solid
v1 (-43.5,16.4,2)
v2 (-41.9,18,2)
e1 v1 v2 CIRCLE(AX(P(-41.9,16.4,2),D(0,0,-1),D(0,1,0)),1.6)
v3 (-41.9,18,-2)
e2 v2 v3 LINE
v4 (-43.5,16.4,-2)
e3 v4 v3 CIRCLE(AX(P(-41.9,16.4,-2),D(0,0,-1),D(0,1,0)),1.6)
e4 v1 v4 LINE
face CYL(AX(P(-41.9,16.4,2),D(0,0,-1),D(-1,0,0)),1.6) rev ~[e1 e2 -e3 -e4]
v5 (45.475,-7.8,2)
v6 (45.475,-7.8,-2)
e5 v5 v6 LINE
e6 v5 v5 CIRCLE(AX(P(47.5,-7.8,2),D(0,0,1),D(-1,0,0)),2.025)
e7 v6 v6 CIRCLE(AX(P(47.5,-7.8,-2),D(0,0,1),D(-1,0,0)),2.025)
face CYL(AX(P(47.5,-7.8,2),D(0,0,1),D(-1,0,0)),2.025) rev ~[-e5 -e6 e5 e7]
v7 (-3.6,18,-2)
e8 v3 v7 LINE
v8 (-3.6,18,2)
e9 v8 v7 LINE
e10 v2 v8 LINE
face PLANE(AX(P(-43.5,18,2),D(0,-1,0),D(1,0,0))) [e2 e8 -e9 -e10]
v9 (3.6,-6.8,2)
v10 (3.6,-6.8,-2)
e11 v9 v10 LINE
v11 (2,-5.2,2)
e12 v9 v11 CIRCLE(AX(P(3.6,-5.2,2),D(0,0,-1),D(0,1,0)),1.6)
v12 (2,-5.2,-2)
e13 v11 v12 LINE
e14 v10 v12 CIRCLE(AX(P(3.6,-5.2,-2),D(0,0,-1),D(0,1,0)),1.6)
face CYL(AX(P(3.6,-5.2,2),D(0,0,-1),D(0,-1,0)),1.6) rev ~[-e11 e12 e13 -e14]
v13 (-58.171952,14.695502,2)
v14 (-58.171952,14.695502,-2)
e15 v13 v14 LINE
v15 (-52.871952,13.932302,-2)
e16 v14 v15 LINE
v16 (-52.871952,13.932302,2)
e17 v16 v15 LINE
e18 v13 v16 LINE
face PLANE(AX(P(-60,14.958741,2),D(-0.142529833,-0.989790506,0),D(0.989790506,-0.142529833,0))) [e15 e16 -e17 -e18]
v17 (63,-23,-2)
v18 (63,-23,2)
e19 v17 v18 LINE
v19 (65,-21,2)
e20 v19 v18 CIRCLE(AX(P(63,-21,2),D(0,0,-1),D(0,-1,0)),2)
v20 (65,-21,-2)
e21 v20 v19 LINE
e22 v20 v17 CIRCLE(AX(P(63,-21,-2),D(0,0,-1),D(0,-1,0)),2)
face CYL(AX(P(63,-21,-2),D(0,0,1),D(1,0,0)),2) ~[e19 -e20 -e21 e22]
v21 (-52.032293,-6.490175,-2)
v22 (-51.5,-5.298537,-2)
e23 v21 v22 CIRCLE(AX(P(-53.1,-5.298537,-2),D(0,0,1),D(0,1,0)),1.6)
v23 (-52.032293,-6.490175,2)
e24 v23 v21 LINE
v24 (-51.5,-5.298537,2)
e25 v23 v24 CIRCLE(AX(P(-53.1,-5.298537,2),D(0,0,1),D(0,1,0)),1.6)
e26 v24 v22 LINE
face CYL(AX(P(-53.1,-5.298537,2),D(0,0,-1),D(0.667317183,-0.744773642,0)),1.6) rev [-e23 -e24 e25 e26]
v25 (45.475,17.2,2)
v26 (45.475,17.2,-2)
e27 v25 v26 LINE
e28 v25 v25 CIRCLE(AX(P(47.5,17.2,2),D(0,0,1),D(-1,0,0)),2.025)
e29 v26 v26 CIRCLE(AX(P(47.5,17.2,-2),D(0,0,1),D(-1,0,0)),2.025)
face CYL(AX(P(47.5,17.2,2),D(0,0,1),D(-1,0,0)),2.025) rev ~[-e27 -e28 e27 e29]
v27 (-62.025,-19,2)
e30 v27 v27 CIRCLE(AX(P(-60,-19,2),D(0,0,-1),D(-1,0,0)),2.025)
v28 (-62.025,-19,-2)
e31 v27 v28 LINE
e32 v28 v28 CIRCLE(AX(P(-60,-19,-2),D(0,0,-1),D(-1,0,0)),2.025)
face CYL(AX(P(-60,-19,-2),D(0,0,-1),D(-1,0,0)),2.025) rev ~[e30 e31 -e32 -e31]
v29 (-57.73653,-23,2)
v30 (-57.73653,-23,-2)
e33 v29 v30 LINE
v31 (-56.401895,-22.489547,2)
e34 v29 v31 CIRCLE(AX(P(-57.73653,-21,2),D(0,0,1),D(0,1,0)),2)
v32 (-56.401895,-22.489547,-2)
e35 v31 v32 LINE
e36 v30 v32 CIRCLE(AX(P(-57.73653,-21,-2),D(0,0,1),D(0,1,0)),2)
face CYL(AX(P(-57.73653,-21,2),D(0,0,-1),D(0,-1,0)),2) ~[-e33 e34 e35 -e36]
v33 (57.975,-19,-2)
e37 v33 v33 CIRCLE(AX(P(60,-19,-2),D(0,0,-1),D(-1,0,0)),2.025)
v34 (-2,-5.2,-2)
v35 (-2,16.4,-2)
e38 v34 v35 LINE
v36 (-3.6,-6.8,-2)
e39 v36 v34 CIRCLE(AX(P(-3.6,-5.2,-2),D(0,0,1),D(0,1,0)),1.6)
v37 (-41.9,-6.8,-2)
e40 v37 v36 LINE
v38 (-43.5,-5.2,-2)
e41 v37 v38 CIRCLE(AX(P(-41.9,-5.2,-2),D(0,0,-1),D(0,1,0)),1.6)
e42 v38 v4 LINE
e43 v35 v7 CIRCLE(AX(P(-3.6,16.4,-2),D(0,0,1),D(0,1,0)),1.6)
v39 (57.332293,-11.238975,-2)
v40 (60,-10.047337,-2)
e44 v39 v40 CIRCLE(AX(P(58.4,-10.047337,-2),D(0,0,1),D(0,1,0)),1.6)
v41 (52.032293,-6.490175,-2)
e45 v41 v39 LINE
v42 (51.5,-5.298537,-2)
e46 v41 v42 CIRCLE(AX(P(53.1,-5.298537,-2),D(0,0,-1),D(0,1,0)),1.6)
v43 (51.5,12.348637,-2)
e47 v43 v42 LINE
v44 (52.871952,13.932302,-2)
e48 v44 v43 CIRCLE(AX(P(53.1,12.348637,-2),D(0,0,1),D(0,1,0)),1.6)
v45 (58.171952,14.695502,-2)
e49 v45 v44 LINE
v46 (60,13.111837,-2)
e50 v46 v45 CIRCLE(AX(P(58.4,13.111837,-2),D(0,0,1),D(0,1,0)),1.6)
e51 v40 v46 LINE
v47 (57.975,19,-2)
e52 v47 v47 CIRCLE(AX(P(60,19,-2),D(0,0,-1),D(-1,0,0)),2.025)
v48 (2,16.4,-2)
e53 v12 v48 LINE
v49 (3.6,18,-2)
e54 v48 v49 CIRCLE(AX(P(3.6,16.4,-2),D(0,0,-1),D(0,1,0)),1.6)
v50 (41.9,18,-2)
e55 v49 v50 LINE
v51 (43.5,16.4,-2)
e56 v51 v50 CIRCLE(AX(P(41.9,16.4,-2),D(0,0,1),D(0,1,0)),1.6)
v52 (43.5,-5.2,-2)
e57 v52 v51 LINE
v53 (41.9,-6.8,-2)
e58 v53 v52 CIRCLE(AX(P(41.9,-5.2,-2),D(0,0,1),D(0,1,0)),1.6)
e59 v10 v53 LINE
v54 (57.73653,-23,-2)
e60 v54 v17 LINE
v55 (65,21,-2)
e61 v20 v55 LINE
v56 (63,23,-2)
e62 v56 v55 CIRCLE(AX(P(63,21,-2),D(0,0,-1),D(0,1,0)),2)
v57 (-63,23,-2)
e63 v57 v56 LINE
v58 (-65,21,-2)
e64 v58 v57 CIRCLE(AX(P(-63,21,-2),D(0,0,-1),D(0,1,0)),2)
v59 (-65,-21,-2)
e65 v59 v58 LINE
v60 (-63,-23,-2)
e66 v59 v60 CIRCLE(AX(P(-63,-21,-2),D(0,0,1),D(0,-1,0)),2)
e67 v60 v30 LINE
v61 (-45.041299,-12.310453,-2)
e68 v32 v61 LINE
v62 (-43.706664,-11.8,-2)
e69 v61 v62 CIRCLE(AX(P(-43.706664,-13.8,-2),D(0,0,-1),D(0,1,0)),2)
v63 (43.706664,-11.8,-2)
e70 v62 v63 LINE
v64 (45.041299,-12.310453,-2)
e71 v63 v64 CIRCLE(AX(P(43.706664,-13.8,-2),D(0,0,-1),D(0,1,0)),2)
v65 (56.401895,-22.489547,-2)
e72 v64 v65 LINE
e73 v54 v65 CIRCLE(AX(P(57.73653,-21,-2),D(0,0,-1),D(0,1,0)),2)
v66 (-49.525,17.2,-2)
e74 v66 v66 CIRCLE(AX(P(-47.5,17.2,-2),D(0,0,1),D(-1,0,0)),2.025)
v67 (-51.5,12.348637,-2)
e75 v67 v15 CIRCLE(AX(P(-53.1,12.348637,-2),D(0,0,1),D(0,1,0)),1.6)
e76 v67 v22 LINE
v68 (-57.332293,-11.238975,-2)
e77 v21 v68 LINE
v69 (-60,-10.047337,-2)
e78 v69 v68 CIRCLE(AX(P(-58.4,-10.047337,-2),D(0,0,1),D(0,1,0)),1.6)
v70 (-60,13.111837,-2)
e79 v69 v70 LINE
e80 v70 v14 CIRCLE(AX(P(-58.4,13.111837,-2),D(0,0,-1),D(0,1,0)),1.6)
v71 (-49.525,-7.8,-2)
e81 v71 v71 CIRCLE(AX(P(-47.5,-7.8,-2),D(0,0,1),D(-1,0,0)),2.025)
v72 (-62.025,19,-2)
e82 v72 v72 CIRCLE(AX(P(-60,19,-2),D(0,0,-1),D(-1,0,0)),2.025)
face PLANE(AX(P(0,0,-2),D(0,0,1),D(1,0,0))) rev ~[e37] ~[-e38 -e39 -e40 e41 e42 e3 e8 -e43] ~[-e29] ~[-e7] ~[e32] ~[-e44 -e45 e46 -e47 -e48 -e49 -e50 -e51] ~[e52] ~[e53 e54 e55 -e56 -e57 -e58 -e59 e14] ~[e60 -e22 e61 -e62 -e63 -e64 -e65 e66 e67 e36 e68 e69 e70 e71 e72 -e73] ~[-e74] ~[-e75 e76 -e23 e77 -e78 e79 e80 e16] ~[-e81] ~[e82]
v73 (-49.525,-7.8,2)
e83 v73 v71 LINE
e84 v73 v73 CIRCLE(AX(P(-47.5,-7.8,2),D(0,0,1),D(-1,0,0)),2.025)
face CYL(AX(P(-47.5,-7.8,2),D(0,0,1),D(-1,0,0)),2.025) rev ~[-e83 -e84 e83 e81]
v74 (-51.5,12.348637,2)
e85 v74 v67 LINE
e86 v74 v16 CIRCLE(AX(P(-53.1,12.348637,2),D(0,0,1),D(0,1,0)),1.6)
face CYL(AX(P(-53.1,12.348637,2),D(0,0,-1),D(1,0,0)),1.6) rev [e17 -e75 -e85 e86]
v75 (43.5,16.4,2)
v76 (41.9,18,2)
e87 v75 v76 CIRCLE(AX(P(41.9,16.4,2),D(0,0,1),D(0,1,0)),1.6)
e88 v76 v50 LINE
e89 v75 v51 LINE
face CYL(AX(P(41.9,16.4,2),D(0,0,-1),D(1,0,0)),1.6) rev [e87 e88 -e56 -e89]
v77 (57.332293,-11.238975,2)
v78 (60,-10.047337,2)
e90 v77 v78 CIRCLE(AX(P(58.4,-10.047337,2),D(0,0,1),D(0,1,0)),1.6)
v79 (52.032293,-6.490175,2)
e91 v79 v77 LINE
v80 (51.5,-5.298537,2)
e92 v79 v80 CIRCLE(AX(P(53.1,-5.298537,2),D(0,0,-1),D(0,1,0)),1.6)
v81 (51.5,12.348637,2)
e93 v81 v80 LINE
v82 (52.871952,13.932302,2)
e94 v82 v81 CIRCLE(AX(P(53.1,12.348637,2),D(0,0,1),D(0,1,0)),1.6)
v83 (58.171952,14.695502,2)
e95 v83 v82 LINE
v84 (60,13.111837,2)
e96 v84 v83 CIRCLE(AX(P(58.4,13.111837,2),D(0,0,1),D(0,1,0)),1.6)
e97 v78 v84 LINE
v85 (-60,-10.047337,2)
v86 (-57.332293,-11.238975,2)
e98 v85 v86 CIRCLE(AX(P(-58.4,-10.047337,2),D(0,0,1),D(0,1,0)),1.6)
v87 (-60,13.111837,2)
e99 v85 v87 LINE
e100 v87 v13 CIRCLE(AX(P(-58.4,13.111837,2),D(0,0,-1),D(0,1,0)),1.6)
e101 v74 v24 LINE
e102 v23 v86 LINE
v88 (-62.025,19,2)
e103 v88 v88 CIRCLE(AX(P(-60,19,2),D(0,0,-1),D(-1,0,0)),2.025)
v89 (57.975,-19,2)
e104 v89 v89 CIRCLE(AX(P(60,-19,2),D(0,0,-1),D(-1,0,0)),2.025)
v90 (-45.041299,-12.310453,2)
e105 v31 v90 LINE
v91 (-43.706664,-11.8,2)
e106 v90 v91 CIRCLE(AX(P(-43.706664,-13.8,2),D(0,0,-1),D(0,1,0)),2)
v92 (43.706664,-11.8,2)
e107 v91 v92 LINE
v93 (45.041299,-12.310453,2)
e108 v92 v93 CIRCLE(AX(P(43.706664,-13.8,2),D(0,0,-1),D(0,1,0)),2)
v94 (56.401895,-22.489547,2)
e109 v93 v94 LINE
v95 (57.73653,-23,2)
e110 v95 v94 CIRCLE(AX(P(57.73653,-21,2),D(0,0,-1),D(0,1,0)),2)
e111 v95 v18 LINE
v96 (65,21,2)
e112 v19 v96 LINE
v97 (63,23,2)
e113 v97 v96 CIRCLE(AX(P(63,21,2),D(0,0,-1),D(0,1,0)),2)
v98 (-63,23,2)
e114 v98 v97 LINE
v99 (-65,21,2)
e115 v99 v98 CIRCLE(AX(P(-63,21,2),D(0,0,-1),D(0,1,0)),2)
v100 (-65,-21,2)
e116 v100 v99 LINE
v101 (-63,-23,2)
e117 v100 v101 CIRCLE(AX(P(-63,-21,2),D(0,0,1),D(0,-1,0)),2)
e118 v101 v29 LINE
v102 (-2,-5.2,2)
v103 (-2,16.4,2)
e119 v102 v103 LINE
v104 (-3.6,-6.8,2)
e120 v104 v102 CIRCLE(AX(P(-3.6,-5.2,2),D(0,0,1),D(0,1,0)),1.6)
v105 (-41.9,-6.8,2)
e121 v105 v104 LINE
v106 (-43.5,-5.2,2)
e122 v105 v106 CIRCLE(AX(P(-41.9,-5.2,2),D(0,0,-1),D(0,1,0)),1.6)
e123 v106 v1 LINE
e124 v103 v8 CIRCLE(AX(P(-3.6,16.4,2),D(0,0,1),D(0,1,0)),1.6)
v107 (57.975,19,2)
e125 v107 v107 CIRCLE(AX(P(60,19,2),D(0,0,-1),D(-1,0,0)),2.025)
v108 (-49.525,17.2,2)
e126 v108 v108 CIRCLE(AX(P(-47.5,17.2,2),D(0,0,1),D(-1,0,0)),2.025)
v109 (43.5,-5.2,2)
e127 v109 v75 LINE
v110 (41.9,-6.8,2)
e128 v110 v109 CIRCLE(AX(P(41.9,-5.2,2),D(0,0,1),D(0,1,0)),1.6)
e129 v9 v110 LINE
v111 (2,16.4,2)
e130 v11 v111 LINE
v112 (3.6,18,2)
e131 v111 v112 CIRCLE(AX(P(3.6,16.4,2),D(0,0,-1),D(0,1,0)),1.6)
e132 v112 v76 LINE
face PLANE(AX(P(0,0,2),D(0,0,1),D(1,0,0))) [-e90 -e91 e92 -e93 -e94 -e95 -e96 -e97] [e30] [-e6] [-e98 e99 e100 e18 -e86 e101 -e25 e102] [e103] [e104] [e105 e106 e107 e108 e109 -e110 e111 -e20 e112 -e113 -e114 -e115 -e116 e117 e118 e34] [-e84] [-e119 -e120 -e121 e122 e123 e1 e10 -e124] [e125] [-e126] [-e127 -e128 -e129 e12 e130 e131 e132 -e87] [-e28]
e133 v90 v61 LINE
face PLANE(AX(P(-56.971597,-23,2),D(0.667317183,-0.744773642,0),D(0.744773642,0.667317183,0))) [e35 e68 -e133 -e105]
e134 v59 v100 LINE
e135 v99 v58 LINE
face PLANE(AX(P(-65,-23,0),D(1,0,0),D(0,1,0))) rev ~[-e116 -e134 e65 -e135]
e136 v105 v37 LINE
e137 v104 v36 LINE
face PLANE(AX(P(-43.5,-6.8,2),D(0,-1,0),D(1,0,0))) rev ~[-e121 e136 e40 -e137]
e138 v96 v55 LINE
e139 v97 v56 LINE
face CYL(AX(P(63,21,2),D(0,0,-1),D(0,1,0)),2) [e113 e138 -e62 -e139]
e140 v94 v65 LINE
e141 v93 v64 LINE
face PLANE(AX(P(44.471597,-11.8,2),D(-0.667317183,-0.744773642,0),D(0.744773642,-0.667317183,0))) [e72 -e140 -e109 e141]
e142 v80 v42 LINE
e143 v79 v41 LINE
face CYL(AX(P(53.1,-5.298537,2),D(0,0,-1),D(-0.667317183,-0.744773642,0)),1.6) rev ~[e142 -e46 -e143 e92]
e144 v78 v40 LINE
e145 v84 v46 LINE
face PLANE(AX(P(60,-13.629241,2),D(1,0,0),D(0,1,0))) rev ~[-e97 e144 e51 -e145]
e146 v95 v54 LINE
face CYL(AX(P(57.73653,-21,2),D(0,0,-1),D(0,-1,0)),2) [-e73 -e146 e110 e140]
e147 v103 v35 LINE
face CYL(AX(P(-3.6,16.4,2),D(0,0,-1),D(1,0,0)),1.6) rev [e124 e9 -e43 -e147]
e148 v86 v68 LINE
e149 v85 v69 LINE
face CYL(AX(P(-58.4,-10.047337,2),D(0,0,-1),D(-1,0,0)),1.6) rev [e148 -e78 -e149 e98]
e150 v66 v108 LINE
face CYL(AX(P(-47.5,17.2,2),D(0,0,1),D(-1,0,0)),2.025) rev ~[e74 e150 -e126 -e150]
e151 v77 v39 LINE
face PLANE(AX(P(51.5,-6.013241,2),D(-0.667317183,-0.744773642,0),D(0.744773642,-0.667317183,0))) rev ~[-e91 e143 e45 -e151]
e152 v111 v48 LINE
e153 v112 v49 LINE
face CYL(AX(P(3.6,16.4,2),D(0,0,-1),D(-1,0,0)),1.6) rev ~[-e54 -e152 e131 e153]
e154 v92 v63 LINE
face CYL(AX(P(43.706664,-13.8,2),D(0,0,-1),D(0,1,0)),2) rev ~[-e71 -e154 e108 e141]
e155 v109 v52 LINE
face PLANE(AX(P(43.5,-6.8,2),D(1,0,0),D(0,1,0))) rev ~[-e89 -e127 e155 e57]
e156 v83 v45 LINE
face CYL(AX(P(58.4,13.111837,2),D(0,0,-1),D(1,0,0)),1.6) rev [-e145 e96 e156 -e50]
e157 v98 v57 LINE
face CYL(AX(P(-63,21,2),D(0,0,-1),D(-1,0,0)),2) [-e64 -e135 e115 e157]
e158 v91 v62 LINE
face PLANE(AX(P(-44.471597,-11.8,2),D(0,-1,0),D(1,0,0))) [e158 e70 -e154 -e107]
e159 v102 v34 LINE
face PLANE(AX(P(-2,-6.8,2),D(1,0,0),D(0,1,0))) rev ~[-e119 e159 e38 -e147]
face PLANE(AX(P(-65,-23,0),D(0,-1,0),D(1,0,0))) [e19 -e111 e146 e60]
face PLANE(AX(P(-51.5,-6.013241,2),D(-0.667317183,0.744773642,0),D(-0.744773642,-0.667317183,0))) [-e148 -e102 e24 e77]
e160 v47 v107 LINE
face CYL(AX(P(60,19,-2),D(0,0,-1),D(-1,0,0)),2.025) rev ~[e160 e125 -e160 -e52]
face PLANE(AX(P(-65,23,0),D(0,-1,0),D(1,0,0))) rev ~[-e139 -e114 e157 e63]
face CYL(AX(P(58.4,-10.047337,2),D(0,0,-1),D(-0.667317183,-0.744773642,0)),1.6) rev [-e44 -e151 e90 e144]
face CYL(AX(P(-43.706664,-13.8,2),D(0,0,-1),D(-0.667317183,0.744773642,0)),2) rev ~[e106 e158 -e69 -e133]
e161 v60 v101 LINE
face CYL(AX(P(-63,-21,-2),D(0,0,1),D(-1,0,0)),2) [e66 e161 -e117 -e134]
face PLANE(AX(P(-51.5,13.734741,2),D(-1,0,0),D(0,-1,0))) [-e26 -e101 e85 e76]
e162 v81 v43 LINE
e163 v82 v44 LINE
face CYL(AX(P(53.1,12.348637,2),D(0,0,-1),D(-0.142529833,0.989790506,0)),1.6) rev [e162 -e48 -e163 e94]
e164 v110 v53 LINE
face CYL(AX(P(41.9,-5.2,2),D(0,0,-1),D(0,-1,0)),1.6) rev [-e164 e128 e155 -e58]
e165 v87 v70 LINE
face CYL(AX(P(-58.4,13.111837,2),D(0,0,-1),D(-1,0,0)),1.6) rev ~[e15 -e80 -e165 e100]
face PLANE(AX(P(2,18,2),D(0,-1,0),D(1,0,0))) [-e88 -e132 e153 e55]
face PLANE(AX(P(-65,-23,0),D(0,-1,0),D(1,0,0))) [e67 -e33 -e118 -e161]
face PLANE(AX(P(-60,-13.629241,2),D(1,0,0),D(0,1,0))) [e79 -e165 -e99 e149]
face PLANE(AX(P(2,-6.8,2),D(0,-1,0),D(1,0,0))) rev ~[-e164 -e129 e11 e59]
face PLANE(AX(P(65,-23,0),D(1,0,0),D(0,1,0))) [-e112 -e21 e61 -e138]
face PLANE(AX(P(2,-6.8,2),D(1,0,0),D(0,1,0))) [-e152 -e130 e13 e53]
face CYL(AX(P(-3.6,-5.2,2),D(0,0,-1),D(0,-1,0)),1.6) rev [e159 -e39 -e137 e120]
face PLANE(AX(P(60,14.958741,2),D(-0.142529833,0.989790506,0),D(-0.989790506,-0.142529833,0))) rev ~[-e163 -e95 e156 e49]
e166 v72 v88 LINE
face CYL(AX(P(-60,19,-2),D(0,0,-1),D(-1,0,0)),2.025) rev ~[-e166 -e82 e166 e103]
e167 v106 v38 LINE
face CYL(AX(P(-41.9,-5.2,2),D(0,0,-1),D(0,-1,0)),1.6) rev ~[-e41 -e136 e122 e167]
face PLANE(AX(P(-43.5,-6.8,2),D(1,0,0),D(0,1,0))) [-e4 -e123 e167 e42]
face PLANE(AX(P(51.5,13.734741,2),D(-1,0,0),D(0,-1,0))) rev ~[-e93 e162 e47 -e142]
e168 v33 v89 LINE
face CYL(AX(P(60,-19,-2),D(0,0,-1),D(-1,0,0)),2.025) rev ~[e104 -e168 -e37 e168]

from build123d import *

# Parameters (mm, degrees)
SKETCH_1_W          = 130
SKETCH_1_H          = 46
EXTRUDE_1_DEPTH     = 2
SKETCH_3_R          = 2.025
CUT_EXTRUDE_1_DEPTH = 80
SKETCH_4_R          = 2.025
CUT_EXTRUDE_2_DEPTH = 80
CUT_EXTRUDE_3_DEPTH = 10
SKETCH_6_W          = 41.5
SKETCH_6_H          = 24.8
CUT_EXTRUDE_4_DEPTH = 10
CUT_EXTRUDE_5_DEPTH = 10
FILLET_1_R          = 1.6
FILLET_2_R          = 2


with BuildPart() as part:
    # 草图1 → 凸台-拉伸1 (new, symmetric)
    with BuildSketch(Plane.XY):
        Rectangle(SKETCH_1_W, SKETCH_1_H)
    extrude(amount=EXTRUDE_1_DEPTH, both=True)

    # 草图3 → 切除-拉伸1 (cut, symmetric)
    with BuildSketch(Plane(origin=(0, 0, -2), x_dir=(-1, 0, 0), z_dir=(0, 0, -1))):
        with Locations((-60, 19)):
            Circle(SKETCH_3_R)
        with Locations((-60, -19)):
            Circle(SKETCH_3_R)
        with Locations((60, 19)):
            Circle(SKETCH_3_R)
        with Locations((60, -19)):
            Circle(SKETCH_3_R)
    extrude(amount=CUT_EXTRUDE_1_DEPTH, both=True, mode=Mode.SUBTRACT)

    # 草图4 → 切除-拉伸2 (cut, symmetric)
    with BuildSketch(Plane.XY.offset(2)):
        with Locations(Location((47.5, 17.2, 0), (0, 0, 180))):
            Circle(SKETCH_4_R)
        with Locations(Location((47.5, -7.8, 0), (0, 0, 180))):
            Circle(SKETCH_4_R)
        with Locations(Location((-47.5, -7.8, 0), (0, 0, 180))):
            Circle(SKETCH_4_R)
        with Locations(Location((-47.5, 17.2, 0), (0, 0, 180))):
            Circle(SKETCH_4_R)
    extrude(amount=CUT_EXTRUDE_2_DEPTH, both=True, mode=Mode.SUBTRACT)

    # 草图5 → 切除-拉伸3 (cut)
    with BuildSketch(Plane.XY.offset(2)):
        Polygon((-56.971596888, -23), (-44.471596888, -11.8), (44.471596888, -11.8), (56.971596888, -23), align=None)
    extrude(amount=-CUT_EXTRUDE_3_DEPTH, mode=Mode.SUBTRACT)

    # 草图6 → 切除-拉伸4 (cut)
    with BuildSketch(Plane.XY.offset(2)):
        with Locations((-22.75, 5.6)):
            Rectangle(SKETCH_6_W, SKETCH_6_H)
        with Locations((22.75, 5.6)):
            Rectangle(SKETCH_6_W, SKETCH_6_H)
    extrude(amount=-CUT_EXTRUDE_4_DEPTH, mode=Mode.SUBTRACT)

    # 草图7 → 切除-拉伸5 (cut)
    with BuildSketch(Plane.XY.offset(2)):
        Polygon((-60, 14.95874079), (-51.5, 13.73474079), (-51.5, -6.01324065), (-60, -13.62924065), align=None)
        Polygon((51.5, -6.01324065), (60, -13.62924065), (60, 14.95874079), (51.5, 13.73474079), align=None)
    extrude(amount=-CUT_EXTRUDE_5_DEPTH, mode=Mode.SUBTRACT)

    # 圆角1
    fillet_1_edges = [part.edges().sort_by_distance(p)[0] for p in [
        (-2, 18, 0),
        (-2, -6.8, 0),
        (-43.5, -6.8, 0),
        (-43.5, 18, 0),
        (2, 18, 0),
        (43.5, 18, 0),
        (43.5, -6.8, 0),
        (2, -6.8, 0),
        (-60, -13.62924065, 0),
        (-60, 14.95874079, 0),
        (-51.5, 13.73474079, 0),
        (-51.5, -6.01324065, 0),
        (51.5, -6.01324065, 0),
        (51.5, 13.73474079, 0),
        (60, 14.95874079, 0),
        (60, -13.62924065, 0),
    ]]
    fillet(fillet_1_edges, radius=FILLET_1_R)

    # 圆角2
    fillet_2_edges = [part.edges().sort_by_distance(p)[0] for p in [
        (56.971596888, -23, 0),
        (-56.971596888, -23, 0),
        (-44.471596888, -11.8, 0),
        (44.471596888, -11.8, 0),
        (65, -23, 0),
        (-65, -23, 0),
        (-65, 23, 0),
        (65, 23, 0),
    ]]
    fillet(fillet_2_edges, radius=FILLET_2_R)


solid = part.part
